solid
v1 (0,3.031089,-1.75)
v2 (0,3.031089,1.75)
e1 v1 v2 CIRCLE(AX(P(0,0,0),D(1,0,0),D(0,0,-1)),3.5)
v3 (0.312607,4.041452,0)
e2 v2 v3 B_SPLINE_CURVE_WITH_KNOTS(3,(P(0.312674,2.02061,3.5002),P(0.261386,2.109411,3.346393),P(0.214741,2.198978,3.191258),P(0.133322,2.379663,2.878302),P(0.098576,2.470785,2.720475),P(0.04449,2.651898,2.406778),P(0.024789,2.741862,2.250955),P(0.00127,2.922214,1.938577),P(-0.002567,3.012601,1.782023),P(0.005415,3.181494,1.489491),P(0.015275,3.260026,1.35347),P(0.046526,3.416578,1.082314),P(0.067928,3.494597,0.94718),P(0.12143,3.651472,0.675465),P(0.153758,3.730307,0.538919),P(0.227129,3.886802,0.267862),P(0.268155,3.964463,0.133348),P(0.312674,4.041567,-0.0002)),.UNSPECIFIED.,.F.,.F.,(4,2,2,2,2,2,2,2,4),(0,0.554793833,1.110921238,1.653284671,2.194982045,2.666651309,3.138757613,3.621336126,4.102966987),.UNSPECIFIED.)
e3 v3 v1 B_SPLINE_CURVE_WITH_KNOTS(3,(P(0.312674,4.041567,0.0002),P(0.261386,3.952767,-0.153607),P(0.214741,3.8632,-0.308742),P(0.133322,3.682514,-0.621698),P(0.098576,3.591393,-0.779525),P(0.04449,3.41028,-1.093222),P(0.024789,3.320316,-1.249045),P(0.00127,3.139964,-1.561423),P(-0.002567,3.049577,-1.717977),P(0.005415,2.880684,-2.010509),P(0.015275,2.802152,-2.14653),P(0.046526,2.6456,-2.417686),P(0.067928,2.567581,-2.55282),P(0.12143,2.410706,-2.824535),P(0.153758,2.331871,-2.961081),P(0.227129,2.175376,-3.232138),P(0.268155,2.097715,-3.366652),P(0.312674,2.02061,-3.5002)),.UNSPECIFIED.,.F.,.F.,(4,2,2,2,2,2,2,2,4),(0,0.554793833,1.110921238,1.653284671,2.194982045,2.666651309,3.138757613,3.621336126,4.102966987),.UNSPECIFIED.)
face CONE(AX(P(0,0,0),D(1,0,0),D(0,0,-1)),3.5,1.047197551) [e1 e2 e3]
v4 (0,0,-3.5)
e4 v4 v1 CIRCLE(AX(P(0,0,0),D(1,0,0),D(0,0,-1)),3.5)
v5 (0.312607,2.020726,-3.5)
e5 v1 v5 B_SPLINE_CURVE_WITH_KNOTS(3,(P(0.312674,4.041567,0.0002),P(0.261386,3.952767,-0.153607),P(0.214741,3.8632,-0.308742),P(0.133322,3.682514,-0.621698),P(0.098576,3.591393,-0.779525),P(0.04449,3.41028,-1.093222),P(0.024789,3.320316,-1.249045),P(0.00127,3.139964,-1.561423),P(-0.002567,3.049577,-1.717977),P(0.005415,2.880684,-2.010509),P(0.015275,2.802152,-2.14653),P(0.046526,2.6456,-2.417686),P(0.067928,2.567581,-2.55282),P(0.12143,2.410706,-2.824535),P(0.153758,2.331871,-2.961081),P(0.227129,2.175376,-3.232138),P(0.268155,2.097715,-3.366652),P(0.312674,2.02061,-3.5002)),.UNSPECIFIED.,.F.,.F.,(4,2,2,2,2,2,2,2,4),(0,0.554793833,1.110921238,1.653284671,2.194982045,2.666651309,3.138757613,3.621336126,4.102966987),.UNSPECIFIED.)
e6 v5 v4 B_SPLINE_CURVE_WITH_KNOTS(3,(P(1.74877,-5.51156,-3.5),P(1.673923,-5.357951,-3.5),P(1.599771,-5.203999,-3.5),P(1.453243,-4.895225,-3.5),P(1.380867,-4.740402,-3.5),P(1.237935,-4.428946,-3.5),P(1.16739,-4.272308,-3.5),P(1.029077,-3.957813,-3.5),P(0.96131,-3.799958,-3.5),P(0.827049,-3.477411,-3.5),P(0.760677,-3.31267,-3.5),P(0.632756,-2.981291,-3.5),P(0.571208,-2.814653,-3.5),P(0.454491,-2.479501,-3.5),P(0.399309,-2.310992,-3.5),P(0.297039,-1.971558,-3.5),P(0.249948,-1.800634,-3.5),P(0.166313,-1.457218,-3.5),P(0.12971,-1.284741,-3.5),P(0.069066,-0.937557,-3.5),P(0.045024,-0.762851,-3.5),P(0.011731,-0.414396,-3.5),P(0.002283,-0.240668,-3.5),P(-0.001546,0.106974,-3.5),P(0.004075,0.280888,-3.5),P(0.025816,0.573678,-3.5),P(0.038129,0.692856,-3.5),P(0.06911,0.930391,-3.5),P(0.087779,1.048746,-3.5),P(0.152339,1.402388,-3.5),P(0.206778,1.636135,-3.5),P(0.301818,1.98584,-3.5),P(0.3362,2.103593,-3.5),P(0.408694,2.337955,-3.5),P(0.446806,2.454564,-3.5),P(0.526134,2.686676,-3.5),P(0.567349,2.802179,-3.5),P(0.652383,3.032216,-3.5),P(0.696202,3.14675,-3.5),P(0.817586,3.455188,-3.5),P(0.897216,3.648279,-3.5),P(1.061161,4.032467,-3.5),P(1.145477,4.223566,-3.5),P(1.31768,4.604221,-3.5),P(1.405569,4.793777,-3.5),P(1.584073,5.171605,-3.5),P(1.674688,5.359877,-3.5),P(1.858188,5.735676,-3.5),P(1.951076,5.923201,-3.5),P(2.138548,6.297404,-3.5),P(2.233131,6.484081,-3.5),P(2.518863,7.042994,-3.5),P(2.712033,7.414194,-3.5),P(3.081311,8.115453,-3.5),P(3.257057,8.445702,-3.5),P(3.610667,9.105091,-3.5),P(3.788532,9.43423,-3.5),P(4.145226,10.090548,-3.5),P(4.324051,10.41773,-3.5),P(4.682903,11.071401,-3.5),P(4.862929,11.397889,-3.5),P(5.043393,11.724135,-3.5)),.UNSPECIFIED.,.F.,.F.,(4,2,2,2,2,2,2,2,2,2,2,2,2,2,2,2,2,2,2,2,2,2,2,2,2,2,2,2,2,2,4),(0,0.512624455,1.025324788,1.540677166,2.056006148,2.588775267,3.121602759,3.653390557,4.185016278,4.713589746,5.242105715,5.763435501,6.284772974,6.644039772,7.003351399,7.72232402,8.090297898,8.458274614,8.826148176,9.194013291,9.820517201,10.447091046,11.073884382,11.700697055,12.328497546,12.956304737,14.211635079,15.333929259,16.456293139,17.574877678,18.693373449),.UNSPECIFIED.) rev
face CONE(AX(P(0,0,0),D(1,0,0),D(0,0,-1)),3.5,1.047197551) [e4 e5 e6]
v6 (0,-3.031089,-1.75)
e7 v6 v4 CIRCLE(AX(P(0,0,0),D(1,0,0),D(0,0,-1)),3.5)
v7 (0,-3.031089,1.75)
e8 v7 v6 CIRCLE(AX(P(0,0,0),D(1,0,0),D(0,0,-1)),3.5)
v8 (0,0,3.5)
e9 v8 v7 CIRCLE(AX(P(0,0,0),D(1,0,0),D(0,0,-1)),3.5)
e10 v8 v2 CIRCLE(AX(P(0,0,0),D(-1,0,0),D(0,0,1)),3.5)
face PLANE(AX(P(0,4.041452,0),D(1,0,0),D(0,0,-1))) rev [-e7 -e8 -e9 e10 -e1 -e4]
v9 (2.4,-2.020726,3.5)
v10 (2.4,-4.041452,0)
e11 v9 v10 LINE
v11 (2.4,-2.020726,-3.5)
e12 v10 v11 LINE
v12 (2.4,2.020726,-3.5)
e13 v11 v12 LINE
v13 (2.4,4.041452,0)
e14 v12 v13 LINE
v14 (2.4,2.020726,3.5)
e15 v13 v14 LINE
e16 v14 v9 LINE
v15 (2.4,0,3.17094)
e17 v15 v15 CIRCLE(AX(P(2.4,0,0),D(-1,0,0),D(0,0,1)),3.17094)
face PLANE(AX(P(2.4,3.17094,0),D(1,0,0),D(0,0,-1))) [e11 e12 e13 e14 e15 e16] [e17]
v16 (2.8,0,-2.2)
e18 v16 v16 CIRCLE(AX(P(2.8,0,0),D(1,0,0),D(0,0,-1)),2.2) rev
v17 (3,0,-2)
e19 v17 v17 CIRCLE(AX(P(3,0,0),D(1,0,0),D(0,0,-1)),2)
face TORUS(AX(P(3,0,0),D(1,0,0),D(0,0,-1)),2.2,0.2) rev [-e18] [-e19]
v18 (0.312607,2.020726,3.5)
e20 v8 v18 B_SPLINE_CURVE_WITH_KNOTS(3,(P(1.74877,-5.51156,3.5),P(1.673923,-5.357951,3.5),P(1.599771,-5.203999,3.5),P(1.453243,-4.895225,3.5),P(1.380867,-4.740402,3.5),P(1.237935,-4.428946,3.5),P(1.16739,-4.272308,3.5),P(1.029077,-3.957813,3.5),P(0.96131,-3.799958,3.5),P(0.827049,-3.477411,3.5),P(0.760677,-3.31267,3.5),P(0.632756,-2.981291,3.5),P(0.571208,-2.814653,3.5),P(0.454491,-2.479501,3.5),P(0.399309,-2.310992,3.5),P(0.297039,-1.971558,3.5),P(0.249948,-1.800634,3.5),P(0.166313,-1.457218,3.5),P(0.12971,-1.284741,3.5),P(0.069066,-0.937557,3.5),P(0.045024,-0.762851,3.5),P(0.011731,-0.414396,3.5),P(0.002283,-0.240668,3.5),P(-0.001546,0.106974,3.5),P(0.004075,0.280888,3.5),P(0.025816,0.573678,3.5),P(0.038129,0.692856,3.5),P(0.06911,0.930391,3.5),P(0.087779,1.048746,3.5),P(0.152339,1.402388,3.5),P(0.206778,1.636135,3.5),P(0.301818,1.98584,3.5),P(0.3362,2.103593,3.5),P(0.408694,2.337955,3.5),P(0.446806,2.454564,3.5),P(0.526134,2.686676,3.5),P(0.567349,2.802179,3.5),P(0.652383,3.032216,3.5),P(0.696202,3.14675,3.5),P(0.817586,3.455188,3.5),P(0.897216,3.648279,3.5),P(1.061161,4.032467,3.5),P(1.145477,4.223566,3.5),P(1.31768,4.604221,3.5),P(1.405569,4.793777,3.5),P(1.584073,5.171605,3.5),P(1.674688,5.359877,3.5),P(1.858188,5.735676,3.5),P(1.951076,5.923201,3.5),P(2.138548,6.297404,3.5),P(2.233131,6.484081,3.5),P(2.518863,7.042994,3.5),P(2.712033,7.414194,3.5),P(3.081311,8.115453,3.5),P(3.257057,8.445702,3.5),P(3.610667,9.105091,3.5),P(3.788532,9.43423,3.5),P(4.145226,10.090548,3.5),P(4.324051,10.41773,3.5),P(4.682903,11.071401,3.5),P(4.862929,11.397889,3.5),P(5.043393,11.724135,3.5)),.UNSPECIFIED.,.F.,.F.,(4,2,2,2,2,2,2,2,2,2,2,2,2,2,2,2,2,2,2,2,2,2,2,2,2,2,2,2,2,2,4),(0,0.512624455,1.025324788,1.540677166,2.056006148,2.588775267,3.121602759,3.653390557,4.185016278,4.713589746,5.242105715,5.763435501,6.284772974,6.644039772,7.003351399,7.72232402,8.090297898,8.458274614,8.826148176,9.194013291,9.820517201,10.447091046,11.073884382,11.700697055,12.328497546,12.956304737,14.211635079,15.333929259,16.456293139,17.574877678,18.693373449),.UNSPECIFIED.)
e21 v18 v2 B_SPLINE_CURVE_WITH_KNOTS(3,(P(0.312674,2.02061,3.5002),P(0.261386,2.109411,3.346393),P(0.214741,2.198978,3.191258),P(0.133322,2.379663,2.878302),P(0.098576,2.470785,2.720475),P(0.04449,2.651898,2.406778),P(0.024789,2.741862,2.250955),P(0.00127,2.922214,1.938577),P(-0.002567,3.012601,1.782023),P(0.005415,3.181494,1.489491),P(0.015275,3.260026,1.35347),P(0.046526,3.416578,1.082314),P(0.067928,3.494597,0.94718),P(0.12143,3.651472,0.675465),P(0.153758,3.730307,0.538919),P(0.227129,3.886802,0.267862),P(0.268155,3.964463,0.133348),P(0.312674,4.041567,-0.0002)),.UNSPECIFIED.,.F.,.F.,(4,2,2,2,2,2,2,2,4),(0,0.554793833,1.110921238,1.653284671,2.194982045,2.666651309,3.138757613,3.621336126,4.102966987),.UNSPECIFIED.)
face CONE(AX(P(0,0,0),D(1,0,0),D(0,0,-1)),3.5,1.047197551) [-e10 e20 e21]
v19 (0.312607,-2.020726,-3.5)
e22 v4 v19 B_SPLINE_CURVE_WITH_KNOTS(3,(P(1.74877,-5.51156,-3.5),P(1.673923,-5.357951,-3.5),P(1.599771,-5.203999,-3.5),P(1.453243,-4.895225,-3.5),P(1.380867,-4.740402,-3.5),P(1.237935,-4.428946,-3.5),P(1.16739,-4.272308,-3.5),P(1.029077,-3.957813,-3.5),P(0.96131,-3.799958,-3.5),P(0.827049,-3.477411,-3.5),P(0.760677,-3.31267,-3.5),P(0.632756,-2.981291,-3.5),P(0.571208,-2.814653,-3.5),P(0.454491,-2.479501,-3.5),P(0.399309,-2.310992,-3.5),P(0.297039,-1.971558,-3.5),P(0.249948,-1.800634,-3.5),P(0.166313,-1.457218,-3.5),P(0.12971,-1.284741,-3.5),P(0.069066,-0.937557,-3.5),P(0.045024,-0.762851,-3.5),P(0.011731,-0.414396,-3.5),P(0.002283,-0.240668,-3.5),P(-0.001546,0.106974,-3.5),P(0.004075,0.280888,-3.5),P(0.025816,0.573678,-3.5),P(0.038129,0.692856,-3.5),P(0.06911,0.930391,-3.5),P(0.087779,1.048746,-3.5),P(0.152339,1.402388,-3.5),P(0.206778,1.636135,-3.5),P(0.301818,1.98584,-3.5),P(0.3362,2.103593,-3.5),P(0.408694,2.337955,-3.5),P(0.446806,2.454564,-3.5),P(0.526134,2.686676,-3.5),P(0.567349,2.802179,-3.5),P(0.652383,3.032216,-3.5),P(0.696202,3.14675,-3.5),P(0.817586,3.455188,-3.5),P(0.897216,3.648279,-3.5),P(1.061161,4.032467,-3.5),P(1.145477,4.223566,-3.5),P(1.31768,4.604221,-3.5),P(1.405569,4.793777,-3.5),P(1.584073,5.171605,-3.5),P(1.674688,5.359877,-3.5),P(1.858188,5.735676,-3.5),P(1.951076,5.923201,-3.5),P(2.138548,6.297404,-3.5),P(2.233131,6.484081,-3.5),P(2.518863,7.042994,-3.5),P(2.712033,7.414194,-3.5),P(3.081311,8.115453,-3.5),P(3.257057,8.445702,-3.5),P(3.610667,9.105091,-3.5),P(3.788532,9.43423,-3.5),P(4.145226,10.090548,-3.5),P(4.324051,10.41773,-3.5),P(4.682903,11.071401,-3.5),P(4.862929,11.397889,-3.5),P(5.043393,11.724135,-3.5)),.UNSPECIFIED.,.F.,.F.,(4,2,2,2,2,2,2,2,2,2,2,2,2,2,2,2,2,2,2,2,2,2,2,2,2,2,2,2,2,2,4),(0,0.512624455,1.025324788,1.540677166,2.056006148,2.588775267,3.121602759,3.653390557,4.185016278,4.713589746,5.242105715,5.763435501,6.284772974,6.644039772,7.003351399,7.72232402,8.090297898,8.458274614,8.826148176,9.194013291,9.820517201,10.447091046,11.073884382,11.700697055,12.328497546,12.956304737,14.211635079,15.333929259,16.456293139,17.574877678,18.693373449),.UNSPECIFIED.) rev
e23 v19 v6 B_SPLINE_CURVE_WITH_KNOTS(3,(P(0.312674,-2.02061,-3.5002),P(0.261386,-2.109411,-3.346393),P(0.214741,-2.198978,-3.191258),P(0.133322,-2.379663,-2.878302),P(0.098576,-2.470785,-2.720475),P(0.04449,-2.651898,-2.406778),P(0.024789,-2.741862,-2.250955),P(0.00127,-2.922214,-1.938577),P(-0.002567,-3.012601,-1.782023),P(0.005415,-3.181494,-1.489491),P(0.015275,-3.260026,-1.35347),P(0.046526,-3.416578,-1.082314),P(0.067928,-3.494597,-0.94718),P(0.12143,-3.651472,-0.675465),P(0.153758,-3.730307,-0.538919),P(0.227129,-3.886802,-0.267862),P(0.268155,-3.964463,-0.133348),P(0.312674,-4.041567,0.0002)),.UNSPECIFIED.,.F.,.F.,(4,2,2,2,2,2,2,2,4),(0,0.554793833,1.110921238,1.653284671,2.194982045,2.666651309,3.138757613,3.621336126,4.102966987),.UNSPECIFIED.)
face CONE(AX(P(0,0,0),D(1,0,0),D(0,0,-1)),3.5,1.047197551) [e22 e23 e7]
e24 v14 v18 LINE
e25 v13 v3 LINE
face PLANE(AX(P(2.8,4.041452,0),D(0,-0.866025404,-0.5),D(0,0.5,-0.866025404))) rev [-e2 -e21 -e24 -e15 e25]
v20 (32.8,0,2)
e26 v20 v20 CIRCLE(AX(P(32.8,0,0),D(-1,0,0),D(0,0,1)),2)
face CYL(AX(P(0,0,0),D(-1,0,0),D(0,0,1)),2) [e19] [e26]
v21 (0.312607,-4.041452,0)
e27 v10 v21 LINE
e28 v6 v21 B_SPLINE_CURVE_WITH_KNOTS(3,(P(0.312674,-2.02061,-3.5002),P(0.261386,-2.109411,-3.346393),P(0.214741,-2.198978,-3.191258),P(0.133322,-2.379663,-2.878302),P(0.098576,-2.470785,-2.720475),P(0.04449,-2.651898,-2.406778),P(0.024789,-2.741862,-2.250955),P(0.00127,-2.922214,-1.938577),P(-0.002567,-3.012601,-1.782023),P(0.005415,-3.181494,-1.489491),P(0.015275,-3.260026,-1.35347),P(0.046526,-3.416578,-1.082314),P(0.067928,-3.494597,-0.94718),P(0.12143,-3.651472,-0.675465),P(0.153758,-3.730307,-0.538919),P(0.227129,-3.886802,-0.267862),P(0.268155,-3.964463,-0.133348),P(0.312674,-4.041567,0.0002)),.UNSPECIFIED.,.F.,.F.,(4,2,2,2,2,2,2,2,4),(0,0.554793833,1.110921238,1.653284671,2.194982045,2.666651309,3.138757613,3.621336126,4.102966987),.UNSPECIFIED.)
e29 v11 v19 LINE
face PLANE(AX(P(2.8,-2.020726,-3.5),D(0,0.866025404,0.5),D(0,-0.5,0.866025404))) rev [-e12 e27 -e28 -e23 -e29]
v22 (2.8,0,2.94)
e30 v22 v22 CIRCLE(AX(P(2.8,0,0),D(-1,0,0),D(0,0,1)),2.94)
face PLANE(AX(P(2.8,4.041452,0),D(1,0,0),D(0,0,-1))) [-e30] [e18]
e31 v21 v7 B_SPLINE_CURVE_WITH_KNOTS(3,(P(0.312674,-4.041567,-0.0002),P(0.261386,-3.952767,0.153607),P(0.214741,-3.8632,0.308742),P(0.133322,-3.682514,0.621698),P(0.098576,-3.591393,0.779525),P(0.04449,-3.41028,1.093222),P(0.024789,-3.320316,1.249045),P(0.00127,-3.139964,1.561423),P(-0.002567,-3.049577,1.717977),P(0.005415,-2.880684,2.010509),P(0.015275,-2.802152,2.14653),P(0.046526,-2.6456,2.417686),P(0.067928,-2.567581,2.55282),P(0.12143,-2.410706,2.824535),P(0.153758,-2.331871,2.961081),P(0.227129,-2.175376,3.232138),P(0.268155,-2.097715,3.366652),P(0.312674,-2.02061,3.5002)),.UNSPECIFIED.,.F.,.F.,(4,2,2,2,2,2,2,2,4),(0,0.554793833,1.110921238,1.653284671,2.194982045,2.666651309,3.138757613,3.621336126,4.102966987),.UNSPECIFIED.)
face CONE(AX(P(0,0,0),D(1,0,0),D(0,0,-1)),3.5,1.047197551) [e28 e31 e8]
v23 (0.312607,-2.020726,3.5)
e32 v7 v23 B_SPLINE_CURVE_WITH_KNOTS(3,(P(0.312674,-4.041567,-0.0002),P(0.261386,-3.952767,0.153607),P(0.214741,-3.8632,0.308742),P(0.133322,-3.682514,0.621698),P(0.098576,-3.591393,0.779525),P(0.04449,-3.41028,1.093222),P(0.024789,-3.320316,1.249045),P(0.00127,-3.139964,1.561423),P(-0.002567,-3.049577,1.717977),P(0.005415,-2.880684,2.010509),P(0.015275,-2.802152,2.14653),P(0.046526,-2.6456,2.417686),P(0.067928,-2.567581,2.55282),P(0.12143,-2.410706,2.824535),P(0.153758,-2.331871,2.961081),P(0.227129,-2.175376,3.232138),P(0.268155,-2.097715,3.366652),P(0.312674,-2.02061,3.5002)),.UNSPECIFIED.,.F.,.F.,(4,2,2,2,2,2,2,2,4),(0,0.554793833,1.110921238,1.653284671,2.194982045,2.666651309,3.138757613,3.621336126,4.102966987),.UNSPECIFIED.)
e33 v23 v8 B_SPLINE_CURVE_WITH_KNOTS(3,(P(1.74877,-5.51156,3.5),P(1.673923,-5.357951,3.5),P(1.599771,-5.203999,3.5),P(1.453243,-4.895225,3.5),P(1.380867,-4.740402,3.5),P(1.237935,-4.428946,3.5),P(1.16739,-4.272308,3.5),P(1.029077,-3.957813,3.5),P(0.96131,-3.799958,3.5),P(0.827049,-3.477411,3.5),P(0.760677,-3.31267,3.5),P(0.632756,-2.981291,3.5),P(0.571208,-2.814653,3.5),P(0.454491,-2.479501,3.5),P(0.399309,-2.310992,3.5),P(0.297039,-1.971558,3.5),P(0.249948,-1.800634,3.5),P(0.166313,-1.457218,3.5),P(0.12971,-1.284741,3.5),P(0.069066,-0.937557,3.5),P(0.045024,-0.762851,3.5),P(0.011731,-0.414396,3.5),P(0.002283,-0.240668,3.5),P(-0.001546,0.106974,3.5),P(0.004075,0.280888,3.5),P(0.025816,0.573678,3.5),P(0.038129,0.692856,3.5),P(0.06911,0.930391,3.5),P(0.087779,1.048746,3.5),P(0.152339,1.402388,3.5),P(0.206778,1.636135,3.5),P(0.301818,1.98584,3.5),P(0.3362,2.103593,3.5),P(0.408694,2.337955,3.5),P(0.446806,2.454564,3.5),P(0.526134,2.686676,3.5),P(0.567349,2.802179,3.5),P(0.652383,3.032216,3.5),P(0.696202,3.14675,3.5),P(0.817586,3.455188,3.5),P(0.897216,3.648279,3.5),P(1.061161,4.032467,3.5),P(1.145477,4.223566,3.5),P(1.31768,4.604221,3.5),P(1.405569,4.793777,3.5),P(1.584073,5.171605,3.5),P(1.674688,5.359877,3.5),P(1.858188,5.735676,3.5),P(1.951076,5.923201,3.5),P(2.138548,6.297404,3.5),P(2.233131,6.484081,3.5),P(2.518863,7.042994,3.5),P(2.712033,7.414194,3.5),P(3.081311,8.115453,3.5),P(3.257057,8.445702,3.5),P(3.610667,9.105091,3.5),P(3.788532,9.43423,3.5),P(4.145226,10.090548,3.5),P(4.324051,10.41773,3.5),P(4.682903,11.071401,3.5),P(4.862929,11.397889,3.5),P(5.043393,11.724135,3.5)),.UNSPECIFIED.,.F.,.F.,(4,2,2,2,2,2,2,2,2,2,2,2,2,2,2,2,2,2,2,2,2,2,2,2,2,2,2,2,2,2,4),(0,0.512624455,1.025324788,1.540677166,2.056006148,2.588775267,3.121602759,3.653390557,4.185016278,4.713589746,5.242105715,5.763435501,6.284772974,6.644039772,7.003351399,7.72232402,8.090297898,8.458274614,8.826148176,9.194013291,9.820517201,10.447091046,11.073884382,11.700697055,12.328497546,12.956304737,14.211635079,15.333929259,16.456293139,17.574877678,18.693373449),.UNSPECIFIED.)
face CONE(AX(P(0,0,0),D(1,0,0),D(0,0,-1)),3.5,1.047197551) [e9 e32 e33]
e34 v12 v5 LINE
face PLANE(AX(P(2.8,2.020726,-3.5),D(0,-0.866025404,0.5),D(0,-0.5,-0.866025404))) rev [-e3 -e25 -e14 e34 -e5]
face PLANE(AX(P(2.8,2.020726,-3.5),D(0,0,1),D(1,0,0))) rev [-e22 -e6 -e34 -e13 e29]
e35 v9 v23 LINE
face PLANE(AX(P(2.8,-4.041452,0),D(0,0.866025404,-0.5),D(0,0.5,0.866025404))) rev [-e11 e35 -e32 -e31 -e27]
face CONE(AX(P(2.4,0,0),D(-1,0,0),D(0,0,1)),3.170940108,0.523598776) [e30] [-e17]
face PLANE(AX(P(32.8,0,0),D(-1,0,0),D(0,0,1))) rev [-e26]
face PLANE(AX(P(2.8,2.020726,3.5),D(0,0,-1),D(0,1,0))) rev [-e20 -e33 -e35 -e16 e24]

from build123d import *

# Parameters (mm, degrees)
EXTRUDE_384_DEPTH = 2.8
FILLET_1305_R     = 0.2


with BuildPart() as part:
    # 草图1 → Extrude 384 (new body)
    with BuildSketch(Plane(origin=(0, 0, 0), x_dir=(0, 0, -1), z_dir=(1, 0, 0))):
        Polygon((3.5, 2.020725942), (3.5, -2.020725942), (0, -4.041451884), (-3.5, -2.020725942), (-3.5, 2.020725942), (0, 4.041451884), align=None)
    extrude(amount=EXTRUDE_384_DEPTH)

    # 草图2 → 凸台-旋转1 (revolve)
    with BuildSketch(Plane.XY, mode=Mode.PRIVATE) as revolve_1_sk:
        Polygon((0, 0), (32.8, 0), (32.8, 1.3938), (32.8, 2), (18.8, 2), (0, 2), align=None)
    revolve(revolve_1_sk.sketch.rotate(Axis((0, 0, 0), (1, 0, 0)), 90), axis=Axis((0, 0, 0), (1, 0, 0)))

    # 草图3 → 切除-旋转1 (revolve, cut)
    with BuildSketch(Plane.XY):
        Polygon((0, 3.5), (3.199358737, 9.041451884), (3.199358737, 14.041451884), (-10, 14.041451884), (-10, 3.5), align=None)
    revolve(axis=Axis((0, 0, 0), (1, 0, 0)), mode=Mode.SUBTRACT)

    # 草图4 → 切除-旋转3 (revolve, cut)
    with BuildSketch(Plane.XY, mode=Mode.PRIVATE) as cut_revolve_3_sk:
        Polygon((2.8, 2.94), (2.4, 3.170940108), (2.4, 4.041451884), (2.8, 4.041451884), align=None)
    revolve(cut_revolve_3_sk.sketch.rotate(Axis((0, 0, 0), (1, 0, 0)), 90), axis=Axis((0, 0, 0), (1, 0, 0)), mode=Mode.SUBTRACT)

    # Fillet 1305
    fillet_1305_edges = [part.edges().sort_by_distance(p)[0] for p in [
        (2.8, 0, -2),
    ]]
    fillet(fillet_1305_edges, radius=FILLET_1305_R)


solid = part.part
